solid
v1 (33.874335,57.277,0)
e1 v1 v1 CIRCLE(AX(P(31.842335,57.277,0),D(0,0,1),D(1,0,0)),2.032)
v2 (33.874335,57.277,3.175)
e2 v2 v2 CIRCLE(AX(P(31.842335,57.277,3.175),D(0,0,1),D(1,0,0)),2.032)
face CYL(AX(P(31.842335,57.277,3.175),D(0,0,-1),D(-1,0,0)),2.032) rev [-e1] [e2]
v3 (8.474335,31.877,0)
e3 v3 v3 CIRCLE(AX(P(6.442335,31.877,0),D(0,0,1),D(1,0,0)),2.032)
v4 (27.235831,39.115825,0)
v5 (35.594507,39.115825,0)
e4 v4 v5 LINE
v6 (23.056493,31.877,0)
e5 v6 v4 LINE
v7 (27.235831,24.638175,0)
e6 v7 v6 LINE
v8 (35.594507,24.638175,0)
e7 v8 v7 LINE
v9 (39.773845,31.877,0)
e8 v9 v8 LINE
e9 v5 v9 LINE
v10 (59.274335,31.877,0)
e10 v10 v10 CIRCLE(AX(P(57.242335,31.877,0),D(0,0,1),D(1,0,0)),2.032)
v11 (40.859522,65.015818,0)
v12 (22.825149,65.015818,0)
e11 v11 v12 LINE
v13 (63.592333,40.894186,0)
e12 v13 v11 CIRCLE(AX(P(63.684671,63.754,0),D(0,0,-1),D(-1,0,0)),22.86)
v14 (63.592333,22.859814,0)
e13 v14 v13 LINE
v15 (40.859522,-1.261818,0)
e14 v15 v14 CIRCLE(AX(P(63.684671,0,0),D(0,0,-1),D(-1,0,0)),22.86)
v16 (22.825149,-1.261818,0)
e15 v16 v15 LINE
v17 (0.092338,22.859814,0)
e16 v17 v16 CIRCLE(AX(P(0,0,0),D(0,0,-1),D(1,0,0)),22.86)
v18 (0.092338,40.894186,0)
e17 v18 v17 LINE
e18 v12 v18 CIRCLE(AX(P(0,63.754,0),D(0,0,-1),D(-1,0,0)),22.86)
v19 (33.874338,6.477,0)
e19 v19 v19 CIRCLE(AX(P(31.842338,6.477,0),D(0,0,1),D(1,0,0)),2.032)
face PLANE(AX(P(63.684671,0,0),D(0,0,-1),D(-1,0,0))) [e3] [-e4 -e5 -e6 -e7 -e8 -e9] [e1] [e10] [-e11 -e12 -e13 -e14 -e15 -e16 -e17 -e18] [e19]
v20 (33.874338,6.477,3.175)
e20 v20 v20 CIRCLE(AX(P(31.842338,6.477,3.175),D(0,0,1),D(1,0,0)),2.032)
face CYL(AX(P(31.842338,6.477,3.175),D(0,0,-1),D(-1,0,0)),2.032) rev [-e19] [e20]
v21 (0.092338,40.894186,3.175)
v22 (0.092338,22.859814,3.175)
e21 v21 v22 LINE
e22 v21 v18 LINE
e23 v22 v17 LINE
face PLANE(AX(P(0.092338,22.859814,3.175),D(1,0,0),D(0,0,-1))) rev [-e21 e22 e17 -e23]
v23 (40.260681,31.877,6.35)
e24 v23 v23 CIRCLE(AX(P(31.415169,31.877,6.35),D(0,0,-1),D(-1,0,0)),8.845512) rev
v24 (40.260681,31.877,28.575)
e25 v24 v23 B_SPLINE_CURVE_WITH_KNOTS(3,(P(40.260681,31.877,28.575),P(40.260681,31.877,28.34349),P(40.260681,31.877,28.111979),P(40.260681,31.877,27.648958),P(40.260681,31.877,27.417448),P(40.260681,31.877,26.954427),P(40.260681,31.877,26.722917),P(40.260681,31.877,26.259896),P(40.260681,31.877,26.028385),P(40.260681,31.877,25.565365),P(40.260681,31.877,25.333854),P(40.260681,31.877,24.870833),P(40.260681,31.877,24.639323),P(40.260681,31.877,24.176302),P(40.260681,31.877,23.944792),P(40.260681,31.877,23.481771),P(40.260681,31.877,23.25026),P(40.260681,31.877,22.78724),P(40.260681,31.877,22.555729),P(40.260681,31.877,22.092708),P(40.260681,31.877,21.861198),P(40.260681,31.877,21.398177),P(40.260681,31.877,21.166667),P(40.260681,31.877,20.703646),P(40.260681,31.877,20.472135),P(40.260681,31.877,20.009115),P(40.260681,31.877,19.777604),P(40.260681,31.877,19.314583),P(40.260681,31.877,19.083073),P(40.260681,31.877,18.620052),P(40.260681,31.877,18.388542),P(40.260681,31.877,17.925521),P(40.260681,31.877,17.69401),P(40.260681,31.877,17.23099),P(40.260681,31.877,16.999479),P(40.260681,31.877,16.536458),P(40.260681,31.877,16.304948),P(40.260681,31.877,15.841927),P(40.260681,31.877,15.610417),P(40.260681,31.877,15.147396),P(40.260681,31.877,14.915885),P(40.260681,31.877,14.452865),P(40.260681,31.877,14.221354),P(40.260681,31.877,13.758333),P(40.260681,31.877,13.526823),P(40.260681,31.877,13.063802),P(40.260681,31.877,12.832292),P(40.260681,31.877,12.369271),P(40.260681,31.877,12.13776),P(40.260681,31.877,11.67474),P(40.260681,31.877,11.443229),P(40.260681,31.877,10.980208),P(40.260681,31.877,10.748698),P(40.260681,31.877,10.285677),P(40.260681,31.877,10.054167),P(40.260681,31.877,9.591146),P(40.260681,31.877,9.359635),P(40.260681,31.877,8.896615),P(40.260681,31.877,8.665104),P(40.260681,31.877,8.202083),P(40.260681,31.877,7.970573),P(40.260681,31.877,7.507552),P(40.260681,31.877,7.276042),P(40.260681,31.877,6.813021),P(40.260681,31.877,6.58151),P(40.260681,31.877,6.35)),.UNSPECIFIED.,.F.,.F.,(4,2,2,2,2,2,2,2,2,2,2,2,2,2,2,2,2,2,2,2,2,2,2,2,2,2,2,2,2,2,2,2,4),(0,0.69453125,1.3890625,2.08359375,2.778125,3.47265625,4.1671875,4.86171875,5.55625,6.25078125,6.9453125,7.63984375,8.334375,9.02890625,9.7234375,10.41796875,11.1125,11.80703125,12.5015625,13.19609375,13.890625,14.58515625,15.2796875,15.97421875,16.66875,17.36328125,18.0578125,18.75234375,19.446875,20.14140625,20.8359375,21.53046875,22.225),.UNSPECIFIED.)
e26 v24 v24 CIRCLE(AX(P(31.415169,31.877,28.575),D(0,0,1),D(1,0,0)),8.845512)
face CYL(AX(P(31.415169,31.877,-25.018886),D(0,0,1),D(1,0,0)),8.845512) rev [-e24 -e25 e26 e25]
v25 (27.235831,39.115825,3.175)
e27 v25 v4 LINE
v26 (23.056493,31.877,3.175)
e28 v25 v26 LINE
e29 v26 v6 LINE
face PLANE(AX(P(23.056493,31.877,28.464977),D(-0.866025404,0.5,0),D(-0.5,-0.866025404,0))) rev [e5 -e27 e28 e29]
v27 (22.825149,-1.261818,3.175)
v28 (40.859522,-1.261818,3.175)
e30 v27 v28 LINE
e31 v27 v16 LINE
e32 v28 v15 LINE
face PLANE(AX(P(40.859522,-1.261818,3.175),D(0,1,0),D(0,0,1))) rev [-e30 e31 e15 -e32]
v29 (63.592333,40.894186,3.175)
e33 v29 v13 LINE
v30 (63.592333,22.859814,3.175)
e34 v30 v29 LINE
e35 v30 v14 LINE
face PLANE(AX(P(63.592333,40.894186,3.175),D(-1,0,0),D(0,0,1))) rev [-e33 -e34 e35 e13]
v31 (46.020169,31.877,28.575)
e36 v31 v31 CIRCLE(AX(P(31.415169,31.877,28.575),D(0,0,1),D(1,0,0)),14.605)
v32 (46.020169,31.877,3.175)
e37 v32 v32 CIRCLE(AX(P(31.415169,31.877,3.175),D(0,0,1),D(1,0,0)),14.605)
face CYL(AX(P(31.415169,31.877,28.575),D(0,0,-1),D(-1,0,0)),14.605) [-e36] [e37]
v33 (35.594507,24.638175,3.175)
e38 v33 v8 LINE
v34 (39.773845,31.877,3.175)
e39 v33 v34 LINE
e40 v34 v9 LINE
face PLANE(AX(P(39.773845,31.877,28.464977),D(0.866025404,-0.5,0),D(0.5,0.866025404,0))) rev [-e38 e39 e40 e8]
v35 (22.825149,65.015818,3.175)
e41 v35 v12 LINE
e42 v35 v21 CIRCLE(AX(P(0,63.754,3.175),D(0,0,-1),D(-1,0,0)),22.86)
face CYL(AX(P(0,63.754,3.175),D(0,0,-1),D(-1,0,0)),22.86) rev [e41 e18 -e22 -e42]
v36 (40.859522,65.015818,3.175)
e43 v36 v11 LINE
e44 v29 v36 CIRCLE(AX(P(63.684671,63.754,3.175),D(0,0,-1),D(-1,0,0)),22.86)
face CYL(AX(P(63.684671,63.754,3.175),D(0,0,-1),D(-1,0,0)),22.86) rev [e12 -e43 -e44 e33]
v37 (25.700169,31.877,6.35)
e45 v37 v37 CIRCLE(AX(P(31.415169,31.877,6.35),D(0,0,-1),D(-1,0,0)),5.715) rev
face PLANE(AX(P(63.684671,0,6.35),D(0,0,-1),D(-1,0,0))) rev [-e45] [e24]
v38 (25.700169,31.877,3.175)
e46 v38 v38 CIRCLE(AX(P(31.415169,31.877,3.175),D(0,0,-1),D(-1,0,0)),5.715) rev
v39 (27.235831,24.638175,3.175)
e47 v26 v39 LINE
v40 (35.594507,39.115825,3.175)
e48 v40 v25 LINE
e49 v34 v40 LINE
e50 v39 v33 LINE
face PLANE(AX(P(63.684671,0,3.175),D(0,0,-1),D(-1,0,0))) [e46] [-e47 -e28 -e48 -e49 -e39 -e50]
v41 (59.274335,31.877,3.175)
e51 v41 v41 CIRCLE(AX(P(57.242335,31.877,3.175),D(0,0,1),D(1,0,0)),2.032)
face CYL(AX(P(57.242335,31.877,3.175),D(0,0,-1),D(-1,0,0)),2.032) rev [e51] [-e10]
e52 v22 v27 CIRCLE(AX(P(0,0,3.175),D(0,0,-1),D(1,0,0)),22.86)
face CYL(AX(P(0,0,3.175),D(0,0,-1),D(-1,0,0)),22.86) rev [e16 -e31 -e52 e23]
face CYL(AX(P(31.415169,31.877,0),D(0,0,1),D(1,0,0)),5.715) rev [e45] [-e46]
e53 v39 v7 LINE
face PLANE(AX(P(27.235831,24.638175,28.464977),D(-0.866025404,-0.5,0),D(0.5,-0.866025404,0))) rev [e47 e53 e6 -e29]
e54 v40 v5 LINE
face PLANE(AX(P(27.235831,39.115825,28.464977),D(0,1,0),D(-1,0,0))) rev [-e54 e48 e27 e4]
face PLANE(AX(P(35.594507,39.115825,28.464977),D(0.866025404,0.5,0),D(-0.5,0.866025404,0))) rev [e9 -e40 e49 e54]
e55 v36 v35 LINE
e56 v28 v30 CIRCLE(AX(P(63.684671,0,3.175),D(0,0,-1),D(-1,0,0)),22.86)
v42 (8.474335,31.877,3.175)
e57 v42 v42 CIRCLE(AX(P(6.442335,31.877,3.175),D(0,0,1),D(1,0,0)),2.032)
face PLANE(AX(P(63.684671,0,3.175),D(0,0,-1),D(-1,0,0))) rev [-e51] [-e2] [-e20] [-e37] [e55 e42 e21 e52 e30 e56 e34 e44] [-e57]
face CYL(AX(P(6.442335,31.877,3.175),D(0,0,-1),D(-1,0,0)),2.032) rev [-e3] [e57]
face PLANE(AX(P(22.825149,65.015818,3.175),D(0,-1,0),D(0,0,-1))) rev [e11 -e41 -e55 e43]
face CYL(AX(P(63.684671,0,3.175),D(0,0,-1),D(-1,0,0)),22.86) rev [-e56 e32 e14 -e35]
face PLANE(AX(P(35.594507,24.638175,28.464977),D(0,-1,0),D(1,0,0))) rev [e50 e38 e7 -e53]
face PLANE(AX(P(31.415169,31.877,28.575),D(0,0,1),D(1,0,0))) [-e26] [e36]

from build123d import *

# Parameters (mm, degrees)
SKETCH1_R           = 2.032
BOSS_EXTRUDE1_DEPTH = 3.175
SKETCH2_R           = 5.715
CUT_EXTRUDE1_DEPTH  = 3.175
BOSS_EXTRUDE2_START = 25.4
SKETCH3_R           = 14.605
SKETCH3_R_2         = 5.715
BOSS_EXTRUDE2_DEPTH = 25.4
SKETCH6_R           = 8.845512053
CUT_EXTRUDE3_DEPTH  = 22.225
CUT_EXTRUDE5_DEPTH  = 3.175


with BuildPart() as part:
    # Sketch1 → Boss-Extrude1 (new body)
    with BuildSketch(Plane.XY):
        with BuildLine():
            Line((0.092337824, 22.85981351), (0.092337824, 40.89418649))
            ThreePointArc((0.092337824, 40.89418649), (16.63628773, 48.075558414), (22.825148771, 65.015817568))
            Line((22.825148771, 65.015817568), (40.859521751, 65.015817568))
            ThreePointArc((40.859521751, 65.015817568), (47.048382792, 48.075558414), (63.592332697, 40.89418649))
            Line((63.592332697, 40.89418649), (63.592332697, 22.85981351))
            ThreePointArc((63.592332697, 22.85981351), (47.048382792, 15.678441586), (40.859521751, -1.261817568))
            Line((40.859521751, -1.261817568), (22.825148771, -1.261817568))
            ThreePointArc((22.825148771, -1.261817568), (16.63628773, 15.678441586), (0.092337824, 22.85981351))
        make_face()
        with Locations((6.442335261, 31.877)):
            Circle(SKETCH1_R, mode=Mode.SUBTRACT)
        with Locations((31.842335261, 57.277)):
            Circle(SKETCH1_R, mode=Mode.SUBTRACT)
        with Locations((57.242335261, 31.877)):
            Circle(SKETCH1_R, mode=Mode.SUBTRACT)
        with Locations((31.842337824, 6.477)):
            Circle(SKETCH1_R, mode=Mode.SUBTRACT)
    extrude(amount=BOSS_EXTRUDE1_DEPTH)

    # Sketch2 → Cut-Extrude1 (cut)
    with BuildSketch(Plane.XY.offset(3.175)):
        with Locations((31.415168912, 31.877)):
            Circle(SKETCH2_R)
    extrude(amount=-CUT_EXTRUDE1_DEPTH, mode=Mode.SUBTRACT)

    # Sketch3 → Boss-Extrude2 (add)
    with BuildSketch(Plane.XY.offset(3.175).offset(BOSS_EXTRUDE2_START)):
        with Locations((31.415168912, 31.877)):
            Circle(SKETCH3_R)
        with Locations((31.415168912, 31.877)):
            Circle(SKETCH3_R_2, mode=Mode.SUBTRACT)
    extrude(amount=-BOSS_EXTRUDE2_DEPTH)

    # Sketch6 → Cut-Extrude3 (cut)
    with BuildSketch(Plane.XY.offset(28.575)):
        with Locations((31.415168912, 31.877)):
            Circle(SKETCH6_R)
    extrude(amount=-CUT_EXTRUDE3_DEPTH, mode=Mode.SUBTRACT)

    # Sketch7 → Cut-Extrude5 (cut)
    with BuildSketch(Plane(origin=(0, 0, 0), x_dir=(-1, 0, 0), z_dir=(0, 0, -1))):
        Polygon((-23.056493238, 31.877), (-27.235831075, 39.115825476), (-35.594506749, 39.115825476), (-39.773844587, 31.877), (-35.594506749, 24.638174524), (-27.235831075, 24.638174524), align=None)
    extrude(amount=-CUT_EXTRUDE5_DEPTH, mode=Mode.SUBTRACT)


solid = part.part
